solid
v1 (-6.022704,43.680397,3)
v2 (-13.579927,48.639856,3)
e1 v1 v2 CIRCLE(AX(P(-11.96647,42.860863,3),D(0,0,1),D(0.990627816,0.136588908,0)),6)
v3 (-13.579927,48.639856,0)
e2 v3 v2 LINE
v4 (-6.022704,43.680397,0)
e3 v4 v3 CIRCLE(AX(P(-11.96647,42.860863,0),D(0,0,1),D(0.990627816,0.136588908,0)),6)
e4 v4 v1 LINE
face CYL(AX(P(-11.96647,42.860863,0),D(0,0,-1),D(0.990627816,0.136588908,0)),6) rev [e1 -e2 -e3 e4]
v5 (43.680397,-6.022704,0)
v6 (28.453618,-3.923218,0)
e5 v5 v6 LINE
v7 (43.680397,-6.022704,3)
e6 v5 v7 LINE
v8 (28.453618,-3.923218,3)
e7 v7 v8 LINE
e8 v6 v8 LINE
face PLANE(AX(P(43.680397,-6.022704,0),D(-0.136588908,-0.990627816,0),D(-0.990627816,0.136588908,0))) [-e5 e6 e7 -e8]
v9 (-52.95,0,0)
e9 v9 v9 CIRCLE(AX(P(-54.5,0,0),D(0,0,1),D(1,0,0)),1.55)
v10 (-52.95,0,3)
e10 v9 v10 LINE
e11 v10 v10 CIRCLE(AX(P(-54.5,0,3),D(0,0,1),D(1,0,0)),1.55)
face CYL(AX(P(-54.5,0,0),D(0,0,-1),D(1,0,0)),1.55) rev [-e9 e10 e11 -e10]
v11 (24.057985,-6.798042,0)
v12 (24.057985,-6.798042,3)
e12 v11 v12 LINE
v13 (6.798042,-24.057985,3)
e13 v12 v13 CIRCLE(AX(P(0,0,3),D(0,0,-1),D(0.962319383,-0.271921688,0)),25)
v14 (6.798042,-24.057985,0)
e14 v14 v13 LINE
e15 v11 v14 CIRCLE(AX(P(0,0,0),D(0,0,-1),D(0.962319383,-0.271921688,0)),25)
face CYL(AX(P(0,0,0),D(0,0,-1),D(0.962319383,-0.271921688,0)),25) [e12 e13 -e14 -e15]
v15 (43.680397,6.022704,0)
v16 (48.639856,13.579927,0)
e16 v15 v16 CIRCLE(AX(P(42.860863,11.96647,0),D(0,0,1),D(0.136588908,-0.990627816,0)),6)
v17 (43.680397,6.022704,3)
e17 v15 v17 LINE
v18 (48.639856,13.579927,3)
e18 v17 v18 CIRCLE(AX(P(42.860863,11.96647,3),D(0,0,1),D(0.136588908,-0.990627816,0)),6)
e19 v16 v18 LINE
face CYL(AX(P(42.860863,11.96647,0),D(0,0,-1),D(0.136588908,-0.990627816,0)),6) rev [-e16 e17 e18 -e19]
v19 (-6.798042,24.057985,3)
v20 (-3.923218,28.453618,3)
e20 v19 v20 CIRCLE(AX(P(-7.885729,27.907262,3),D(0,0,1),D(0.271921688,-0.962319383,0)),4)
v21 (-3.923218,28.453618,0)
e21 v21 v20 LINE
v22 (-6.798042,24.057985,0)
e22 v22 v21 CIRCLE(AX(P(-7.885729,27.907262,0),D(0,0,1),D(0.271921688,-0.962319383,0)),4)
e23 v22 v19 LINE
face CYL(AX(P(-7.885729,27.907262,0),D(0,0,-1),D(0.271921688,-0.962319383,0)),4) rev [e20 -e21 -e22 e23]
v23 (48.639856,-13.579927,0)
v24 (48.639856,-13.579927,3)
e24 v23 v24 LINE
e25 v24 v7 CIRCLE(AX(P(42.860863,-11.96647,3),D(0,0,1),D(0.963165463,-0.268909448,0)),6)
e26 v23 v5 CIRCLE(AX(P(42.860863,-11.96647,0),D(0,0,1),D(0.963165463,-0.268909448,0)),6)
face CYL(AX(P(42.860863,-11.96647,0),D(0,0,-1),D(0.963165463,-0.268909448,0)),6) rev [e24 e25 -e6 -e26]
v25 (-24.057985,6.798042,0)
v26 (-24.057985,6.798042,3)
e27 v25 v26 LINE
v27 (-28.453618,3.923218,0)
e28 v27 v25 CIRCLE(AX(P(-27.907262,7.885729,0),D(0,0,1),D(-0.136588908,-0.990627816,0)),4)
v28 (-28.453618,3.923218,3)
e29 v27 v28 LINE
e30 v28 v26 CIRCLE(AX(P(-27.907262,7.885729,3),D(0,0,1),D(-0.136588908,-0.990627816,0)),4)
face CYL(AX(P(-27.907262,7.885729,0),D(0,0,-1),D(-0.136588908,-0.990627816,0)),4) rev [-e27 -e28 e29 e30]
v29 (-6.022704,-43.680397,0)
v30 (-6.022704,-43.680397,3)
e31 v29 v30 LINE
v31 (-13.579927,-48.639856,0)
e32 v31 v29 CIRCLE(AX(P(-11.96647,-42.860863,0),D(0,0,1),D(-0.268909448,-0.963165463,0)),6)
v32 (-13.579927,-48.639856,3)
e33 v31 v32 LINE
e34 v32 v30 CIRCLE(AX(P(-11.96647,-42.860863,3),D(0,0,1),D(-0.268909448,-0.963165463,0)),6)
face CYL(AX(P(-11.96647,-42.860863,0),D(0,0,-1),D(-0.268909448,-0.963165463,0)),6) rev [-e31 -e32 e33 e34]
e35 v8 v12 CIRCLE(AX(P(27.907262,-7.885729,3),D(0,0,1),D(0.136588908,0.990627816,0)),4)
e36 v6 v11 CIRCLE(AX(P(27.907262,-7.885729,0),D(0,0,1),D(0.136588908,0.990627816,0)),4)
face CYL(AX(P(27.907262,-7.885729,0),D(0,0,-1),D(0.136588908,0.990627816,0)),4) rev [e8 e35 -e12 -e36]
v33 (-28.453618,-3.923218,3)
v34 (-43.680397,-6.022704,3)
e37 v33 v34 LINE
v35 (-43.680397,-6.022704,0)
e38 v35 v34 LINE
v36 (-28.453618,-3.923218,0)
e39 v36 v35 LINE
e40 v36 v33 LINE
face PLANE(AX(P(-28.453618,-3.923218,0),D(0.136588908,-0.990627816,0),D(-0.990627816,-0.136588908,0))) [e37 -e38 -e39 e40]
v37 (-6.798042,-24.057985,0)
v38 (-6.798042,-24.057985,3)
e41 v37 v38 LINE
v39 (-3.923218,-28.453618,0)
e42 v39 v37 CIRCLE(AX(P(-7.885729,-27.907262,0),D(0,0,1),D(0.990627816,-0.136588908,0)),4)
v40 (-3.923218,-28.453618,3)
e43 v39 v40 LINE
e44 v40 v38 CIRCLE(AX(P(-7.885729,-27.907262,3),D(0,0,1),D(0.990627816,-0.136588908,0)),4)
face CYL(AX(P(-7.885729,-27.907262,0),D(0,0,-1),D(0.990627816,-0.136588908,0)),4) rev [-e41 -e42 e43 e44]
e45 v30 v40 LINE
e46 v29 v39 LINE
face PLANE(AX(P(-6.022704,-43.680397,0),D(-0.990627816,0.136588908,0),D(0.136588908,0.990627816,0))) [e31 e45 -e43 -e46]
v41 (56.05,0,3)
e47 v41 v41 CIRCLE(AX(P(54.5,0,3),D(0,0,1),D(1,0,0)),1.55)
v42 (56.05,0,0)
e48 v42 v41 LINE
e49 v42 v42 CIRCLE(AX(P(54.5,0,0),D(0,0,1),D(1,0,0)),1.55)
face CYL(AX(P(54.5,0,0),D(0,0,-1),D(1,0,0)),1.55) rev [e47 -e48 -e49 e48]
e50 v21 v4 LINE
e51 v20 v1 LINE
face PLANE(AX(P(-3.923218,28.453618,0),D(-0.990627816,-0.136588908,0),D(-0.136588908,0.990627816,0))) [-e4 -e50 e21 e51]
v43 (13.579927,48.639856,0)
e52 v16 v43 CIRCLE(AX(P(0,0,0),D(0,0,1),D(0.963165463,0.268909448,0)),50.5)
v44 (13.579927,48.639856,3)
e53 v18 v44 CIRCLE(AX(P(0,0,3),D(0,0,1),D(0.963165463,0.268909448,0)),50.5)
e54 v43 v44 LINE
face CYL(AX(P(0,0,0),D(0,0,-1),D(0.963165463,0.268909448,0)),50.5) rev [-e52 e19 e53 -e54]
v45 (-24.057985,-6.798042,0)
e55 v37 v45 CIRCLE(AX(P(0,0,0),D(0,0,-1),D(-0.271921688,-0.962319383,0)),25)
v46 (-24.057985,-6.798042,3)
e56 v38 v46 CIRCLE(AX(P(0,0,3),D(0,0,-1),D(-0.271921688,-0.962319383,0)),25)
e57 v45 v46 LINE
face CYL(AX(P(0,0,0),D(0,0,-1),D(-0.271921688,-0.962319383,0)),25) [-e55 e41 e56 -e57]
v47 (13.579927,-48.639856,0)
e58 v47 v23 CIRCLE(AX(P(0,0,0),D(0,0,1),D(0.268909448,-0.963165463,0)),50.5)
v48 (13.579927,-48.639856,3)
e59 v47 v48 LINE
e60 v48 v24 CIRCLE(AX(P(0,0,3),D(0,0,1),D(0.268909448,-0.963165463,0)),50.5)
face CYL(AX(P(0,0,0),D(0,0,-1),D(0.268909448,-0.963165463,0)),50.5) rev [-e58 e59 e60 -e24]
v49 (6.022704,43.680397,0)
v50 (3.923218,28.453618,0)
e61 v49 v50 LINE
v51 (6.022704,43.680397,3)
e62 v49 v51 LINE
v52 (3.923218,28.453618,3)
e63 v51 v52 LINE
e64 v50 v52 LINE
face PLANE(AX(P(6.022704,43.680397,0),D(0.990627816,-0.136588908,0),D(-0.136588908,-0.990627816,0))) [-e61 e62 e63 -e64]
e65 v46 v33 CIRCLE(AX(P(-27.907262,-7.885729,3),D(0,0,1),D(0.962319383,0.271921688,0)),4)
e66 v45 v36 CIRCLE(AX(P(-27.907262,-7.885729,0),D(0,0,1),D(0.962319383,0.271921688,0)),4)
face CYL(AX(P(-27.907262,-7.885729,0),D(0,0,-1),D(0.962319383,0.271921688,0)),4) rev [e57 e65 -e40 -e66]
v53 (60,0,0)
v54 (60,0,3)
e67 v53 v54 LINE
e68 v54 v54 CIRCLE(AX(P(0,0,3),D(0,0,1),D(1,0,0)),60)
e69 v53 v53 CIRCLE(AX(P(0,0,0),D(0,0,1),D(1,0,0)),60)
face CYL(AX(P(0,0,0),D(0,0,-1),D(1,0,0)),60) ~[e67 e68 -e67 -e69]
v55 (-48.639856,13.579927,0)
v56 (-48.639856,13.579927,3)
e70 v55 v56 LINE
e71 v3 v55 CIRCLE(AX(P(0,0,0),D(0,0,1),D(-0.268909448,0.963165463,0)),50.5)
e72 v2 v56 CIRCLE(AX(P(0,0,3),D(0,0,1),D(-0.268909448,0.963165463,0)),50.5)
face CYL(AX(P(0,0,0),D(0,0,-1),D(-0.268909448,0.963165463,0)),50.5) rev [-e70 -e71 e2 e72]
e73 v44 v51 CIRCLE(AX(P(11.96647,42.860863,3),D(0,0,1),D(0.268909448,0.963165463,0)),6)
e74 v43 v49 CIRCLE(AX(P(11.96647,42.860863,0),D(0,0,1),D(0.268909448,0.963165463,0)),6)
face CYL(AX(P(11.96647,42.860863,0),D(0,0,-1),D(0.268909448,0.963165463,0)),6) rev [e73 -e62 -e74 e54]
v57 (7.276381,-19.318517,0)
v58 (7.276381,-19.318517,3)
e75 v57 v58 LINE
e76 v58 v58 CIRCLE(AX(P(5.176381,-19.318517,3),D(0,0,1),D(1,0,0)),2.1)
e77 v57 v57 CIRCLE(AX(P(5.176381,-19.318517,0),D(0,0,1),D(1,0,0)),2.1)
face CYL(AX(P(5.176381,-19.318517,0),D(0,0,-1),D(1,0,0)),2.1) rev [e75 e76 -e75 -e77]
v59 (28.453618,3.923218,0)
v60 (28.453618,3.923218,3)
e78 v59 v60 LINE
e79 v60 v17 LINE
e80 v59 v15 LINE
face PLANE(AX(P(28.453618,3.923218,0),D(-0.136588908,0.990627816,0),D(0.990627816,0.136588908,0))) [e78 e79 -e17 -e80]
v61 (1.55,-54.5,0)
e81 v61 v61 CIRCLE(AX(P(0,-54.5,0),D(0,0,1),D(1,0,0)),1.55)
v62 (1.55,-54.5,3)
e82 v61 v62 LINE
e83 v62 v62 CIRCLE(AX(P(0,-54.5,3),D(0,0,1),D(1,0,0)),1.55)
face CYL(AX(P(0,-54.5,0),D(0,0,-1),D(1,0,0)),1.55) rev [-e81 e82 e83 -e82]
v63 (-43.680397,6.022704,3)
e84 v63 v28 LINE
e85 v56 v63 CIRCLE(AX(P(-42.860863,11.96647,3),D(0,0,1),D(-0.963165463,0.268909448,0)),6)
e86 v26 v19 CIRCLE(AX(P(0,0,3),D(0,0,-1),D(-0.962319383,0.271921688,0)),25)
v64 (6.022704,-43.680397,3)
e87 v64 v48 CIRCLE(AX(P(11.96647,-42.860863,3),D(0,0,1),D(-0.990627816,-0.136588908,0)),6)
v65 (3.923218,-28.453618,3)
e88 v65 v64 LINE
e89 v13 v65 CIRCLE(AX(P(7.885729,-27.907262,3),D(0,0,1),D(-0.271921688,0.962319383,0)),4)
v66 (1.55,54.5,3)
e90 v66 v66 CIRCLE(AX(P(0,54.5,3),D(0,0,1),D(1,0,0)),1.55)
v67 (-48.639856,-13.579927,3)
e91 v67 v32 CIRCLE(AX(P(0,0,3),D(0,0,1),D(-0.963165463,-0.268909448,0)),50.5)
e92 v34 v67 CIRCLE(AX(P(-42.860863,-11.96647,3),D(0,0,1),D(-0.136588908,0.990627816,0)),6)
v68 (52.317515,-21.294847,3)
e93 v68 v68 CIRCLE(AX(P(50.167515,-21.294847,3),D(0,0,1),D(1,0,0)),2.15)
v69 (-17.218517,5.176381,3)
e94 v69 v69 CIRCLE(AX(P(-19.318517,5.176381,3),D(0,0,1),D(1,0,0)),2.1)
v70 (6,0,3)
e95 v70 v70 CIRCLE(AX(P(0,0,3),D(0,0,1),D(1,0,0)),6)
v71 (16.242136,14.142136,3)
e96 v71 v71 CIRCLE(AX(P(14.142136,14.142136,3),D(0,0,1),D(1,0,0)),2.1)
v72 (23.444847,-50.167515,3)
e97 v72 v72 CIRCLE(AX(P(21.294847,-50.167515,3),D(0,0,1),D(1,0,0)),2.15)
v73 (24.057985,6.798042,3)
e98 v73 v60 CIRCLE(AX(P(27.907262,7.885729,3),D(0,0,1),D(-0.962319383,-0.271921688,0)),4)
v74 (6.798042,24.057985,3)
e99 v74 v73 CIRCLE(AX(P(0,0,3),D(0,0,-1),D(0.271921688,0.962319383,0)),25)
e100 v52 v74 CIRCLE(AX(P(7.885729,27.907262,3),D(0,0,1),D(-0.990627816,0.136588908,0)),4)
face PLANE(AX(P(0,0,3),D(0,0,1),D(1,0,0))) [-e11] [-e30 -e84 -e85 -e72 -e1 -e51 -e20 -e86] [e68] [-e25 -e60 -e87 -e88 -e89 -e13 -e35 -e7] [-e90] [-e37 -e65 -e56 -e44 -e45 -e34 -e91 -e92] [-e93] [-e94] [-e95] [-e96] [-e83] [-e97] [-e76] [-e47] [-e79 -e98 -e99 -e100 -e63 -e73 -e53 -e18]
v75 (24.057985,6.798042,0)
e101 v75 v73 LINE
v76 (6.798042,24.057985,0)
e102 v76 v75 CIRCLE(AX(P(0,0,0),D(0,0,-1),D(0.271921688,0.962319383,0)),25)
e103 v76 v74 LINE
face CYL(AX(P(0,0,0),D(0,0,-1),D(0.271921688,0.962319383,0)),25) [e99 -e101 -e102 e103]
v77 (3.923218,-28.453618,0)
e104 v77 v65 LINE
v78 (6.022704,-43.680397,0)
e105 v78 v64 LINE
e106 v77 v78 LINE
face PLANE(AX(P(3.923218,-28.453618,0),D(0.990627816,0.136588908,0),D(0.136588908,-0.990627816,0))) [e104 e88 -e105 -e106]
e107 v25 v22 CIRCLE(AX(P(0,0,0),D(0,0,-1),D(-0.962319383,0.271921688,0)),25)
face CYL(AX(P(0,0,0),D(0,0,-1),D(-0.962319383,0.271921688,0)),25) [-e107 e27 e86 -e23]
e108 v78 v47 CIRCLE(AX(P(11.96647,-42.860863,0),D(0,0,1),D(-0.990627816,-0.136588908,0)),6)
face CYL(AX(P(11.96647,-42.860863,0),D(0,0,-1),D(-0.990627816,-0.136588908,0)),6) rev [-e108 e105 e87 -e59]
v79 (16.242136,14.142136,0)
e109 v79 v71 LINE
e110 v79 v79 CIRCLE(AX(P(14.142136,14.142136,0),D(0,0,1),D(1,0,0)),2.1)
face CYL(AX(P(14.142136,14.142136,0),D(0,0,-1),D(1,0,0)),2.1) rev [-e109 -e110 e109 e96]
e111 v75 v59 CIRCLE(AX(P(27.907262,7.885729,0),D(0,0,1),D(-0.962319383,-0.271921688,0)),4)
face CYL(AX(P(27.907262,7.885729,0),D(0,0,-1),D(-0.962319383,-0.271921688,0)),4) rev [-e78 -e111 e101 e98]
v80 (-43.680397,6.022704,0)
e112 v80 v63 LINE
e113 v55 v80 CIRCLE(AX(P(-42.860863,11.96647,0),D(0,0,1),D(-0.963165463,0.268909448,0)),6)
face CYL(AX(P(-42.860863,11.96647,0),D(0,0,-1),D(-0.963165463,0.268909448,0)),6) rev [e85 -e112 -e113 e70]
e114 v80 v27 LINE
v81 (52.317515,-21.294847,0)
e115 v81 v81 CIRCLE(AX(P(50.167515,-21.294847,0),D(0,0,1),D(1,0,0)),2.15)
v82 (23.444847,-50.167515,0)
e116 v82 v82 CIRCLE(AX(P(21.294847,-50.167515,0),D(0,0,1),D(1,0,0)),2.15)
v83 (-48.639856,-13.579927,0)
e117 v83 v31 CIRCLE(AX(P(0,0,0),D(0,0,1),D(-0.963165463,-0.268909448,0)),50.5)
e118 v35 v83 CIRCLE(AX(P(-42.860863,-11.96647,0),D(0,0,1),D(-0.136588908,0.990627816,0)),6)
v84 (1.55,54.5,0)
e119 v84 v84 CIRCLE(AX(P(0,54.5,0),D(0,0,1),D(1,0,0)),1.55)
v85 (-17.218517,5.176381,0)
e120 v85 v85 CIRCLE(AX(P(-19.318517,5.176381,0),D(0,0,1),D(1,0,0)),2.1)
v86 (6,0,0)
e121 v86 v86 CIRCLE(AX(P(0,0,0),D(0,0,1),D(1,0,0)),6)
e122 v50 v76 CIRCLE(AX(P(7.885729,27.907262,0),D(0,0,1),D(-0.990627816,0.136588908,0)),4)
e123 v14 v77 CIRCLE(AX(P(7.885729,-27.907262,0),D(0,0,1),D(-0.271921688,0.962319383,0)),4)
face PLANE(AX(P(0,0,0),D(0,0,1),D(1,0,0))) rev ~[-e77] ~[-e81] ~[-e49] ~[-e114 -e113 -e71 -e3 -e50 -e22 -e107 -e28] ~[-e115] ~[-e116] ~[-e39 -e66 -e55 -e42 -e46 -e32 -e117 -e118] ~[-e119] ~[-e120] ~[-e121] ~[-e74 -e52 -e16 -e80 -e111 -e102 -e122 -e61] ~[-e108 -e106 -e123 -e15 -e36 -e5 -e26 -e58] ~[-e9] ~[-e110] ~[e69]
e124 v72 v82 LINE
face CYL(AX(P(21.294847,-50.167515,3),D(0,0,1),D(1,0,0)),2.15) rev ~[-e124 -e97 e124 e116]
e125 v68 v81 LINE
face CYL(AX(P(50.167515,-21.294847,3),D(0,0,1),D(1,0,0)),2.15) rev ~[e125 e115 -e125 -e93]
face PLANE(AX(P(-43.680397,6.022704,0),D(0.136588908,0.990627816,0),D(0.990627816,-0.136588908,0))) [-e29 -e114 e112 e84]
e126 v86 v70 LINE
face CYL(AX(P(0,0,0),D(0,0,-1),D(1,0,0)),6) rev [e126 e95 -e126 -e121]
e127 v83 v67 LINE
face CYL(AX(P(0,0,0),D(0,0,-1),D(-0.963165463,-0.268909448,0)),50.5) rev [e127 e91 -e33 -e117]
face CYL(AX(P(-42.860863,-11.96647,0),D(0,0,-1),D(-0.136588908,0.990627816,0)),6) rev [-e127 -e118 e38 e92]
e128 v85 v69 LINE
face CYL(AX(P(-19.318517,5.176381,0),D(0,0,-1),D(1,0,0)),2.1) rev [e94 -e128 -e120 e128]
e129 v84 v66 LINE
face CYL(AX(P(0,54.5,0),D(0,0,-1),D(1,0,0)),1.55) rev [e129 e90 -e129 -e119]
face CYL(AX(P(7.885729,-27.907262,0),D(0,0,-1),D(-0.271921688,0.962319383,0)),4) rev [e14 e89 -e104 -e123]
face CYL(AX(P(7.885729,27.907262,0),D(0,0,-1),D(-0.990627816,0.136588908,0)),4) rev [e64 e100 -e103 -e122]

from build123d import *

# Parameters (mm, degrees)
SKETCH_1_R         = 60
SKETCH_1_R_2       = 1.55
SKETCH_1_R_3       = 2.1
SKETCH_1_R_4       = 6
EXTRUDE_1_DEPTH    = 3
SKETCH1_R          = 2.15
CUT_EXTRUDE1_DEPTH = 10


with BuildPart() as part:
    # 草图1 → 凸台-拉伸1 (new body)
    with BuildSketch(Plane.XY):
        Circle(SKETCH_1_R)
        with Locations((0, 54.5)):
            Circle(SKETCH_1_R_2, mode=Mode.SUBTRACT)
        with Locations((-54.5, 0)):
            Circle(SKETCH_1_R_2, mode=Mode.SUBTRACT)
        with Locations((0, -54.5)):
            Circle(SKETCH_1_R_2, mode=Mode.SUBTRACT)
        with Locations((54.5, 0)):
            Circle(SKETCH_1_R_2, mode=Mode.SUBTRACT)
        with Locations((14.142135624, 14.142135624)):
            Circle(SKETCH_1_R_3, mode=Mode.SUBTRACT)
        with Locations((5.176380902, -19.318516526)):
            Circle(SKETCH_1_R_3, mode=Mode.SUBTRACT)
        with Locations((-19.318516526, 5.176380902)):
            Circle(SKETCH_1_R_3, mode=Mode.SUBTRACT)
        Circle(SKETCH_1_R_4, mode=Mode.SUBTRACT)
        with BuildLine():
            Line((3.923217687, -28.453617749), (6.022703538, -43.680396542))
            ThreePointArc((6.022703538, -43.680396542), (8.67451724, -47.877141015), (13.579927123, -48.639855873))
            ThreePointArc((13.579927123, -48.639855873), (35.70889245, -35.70889245), (48.639855873, -13.579927123))
            ThreePointArc((48.639855873, -13.579927123), (47.877141015, -8.67451724), (43.680396542, -6.022703538))
            Line((43.680396542, -6.022703538), (28.453617749, -3.923217687))
            ThreePointArc((28.453617749, -3.923217687), (25.717860997, -4.538114468), (24.057984584, -6.7980422))
            ThreePointArc((24.057984584, -6.7980422), (17.67766953, -17.67766953), (6.7980422, -24.057984584))
            ThreePointArc((6.7980422, -24.057984584), (4.538114468, -25.717860997), (3.923217687, -28.453617749))
        make_face(mode=Mode.SUBTRACT)
        with BuildLine():
            Line((28.453617749, 3.923217687), (43.680396542, 6.022703538))
            ThreePointArc((43.680396542, 6.022703538), (47.877141015, 8.67451724), (48.639855873, 13.579927123))
            ThreePointArc((48.639855873, 13.579927123), (35.70889245, 35.70889245), (13.579927123, 48.639855873))
            ThreePointArc((13.579927123, 48.639855873), (8.67451724, 47.877141015), (6.022703538, 43.680396542))
            Line((6.022703538, 43.680396542), (3.923217687, 28.453617749))
            ThreePointArc((3.923217687, 28.453617749), (4.538114468, 25.717860997), (6.7980422, 24.057984584))
            ThreePointArc((6.7980422, 24.057984584), (17.67766953, 17.67766953), (24.057984584, 6.7980422))
            ThreePointArc((24.057984584, 6.7980422), (25.717860997, 4.538114468), (28.453617749, 3.923217687))
        make_face(mode=Mode.SUBTRACT)
        with BuildLine():
            Line((-28.453617749, -3.923217687), (-43.680396542, -6.022703538))
            ThreePointArc((-43.680396542, -6.022703538), (-47.877141015, -8.67451724), (-48.639855873, -13.579927123))
            ThreePointArc((-48.639855873, -13.579927123), (-35.70889245, -35.70889245), (-13.579927123, -48.639855873))
            ThreePointArc((-13.579927123, -48.639855873), (-8.67451724, -47.877141015), (-6.022703538, -43.680396542))
            Line((-6.022703538, -43.680396542), (-3.923217687, -28.453617749))
            ThreePointArc((-3.923217687, -28.453617749), (-4.538114468, -25.717860997), (-6.7980422, -24.057984584))
            ThreePointArc((-6.7980422, -24.057984584), (-17.67766953, -17.67766953), (-24.057984584, -6.7980422))
            ThreePointArc((-24.057984584, -6.7980422), (-25.717860997, -4.538114468), (-28.453617749, -3.923217687))
        make_face(mode=Mode.SUBTRACT)
        with BuildLine():
            Line((-3.923217687, 28.453617749), (-6.022703538, 43.680396542))
            ThreePointArc((-6.022703538, 43.680396542), (-8.67451724, 47.877141015), (-13.579927123, 48.639855873))
            ThreePointArc((-13.579927123, 48.639855873), (-35.70889245, 35.70889245), (-48.639855873, 13.579927123))
            ThreePointArc((-48.639855873, 13.579927123), (-47.877141015, 8.67451724), (-43.680396542, 6.022703538))
            Line((-43.680396542, 6.022703538), (-28.453617749, 3.923217687))
            ThreePointArc((-28.453617749, 3.923217687), (-25.717860997, 4.538114468), (-24.057984584, 6.7980422))
            ThreePointArc((-24.057984584, 6.7980422), (-17.67766953, 17.67766953), (-6.7980422, 24.057984584))
            ThreePointArc((-6.7980422, 24.057984584), (-4.538114468, 25.717860997), (-3.923217687, 28.453617749))
        make_face(mode=Mode.SUBTRACT)
    extrude(amount=EXTRUDE_1_DEPTH)

    # Sketch1 → Cut-Extrude1 (cut)
    with BuildSketch(Plane.XY.offset(3)):
        with Locations((50.167514513, -21.294846503)):
            Circle(SKETCH1_R)
        with Locations((21.294846503, -50.167514513)):
            Circle(SKETCH1_R)
    extrude(amount=-CUT_EXTRUDE1_DEPTH, mode=Mode.SUBTRACT)


solid = part.part
